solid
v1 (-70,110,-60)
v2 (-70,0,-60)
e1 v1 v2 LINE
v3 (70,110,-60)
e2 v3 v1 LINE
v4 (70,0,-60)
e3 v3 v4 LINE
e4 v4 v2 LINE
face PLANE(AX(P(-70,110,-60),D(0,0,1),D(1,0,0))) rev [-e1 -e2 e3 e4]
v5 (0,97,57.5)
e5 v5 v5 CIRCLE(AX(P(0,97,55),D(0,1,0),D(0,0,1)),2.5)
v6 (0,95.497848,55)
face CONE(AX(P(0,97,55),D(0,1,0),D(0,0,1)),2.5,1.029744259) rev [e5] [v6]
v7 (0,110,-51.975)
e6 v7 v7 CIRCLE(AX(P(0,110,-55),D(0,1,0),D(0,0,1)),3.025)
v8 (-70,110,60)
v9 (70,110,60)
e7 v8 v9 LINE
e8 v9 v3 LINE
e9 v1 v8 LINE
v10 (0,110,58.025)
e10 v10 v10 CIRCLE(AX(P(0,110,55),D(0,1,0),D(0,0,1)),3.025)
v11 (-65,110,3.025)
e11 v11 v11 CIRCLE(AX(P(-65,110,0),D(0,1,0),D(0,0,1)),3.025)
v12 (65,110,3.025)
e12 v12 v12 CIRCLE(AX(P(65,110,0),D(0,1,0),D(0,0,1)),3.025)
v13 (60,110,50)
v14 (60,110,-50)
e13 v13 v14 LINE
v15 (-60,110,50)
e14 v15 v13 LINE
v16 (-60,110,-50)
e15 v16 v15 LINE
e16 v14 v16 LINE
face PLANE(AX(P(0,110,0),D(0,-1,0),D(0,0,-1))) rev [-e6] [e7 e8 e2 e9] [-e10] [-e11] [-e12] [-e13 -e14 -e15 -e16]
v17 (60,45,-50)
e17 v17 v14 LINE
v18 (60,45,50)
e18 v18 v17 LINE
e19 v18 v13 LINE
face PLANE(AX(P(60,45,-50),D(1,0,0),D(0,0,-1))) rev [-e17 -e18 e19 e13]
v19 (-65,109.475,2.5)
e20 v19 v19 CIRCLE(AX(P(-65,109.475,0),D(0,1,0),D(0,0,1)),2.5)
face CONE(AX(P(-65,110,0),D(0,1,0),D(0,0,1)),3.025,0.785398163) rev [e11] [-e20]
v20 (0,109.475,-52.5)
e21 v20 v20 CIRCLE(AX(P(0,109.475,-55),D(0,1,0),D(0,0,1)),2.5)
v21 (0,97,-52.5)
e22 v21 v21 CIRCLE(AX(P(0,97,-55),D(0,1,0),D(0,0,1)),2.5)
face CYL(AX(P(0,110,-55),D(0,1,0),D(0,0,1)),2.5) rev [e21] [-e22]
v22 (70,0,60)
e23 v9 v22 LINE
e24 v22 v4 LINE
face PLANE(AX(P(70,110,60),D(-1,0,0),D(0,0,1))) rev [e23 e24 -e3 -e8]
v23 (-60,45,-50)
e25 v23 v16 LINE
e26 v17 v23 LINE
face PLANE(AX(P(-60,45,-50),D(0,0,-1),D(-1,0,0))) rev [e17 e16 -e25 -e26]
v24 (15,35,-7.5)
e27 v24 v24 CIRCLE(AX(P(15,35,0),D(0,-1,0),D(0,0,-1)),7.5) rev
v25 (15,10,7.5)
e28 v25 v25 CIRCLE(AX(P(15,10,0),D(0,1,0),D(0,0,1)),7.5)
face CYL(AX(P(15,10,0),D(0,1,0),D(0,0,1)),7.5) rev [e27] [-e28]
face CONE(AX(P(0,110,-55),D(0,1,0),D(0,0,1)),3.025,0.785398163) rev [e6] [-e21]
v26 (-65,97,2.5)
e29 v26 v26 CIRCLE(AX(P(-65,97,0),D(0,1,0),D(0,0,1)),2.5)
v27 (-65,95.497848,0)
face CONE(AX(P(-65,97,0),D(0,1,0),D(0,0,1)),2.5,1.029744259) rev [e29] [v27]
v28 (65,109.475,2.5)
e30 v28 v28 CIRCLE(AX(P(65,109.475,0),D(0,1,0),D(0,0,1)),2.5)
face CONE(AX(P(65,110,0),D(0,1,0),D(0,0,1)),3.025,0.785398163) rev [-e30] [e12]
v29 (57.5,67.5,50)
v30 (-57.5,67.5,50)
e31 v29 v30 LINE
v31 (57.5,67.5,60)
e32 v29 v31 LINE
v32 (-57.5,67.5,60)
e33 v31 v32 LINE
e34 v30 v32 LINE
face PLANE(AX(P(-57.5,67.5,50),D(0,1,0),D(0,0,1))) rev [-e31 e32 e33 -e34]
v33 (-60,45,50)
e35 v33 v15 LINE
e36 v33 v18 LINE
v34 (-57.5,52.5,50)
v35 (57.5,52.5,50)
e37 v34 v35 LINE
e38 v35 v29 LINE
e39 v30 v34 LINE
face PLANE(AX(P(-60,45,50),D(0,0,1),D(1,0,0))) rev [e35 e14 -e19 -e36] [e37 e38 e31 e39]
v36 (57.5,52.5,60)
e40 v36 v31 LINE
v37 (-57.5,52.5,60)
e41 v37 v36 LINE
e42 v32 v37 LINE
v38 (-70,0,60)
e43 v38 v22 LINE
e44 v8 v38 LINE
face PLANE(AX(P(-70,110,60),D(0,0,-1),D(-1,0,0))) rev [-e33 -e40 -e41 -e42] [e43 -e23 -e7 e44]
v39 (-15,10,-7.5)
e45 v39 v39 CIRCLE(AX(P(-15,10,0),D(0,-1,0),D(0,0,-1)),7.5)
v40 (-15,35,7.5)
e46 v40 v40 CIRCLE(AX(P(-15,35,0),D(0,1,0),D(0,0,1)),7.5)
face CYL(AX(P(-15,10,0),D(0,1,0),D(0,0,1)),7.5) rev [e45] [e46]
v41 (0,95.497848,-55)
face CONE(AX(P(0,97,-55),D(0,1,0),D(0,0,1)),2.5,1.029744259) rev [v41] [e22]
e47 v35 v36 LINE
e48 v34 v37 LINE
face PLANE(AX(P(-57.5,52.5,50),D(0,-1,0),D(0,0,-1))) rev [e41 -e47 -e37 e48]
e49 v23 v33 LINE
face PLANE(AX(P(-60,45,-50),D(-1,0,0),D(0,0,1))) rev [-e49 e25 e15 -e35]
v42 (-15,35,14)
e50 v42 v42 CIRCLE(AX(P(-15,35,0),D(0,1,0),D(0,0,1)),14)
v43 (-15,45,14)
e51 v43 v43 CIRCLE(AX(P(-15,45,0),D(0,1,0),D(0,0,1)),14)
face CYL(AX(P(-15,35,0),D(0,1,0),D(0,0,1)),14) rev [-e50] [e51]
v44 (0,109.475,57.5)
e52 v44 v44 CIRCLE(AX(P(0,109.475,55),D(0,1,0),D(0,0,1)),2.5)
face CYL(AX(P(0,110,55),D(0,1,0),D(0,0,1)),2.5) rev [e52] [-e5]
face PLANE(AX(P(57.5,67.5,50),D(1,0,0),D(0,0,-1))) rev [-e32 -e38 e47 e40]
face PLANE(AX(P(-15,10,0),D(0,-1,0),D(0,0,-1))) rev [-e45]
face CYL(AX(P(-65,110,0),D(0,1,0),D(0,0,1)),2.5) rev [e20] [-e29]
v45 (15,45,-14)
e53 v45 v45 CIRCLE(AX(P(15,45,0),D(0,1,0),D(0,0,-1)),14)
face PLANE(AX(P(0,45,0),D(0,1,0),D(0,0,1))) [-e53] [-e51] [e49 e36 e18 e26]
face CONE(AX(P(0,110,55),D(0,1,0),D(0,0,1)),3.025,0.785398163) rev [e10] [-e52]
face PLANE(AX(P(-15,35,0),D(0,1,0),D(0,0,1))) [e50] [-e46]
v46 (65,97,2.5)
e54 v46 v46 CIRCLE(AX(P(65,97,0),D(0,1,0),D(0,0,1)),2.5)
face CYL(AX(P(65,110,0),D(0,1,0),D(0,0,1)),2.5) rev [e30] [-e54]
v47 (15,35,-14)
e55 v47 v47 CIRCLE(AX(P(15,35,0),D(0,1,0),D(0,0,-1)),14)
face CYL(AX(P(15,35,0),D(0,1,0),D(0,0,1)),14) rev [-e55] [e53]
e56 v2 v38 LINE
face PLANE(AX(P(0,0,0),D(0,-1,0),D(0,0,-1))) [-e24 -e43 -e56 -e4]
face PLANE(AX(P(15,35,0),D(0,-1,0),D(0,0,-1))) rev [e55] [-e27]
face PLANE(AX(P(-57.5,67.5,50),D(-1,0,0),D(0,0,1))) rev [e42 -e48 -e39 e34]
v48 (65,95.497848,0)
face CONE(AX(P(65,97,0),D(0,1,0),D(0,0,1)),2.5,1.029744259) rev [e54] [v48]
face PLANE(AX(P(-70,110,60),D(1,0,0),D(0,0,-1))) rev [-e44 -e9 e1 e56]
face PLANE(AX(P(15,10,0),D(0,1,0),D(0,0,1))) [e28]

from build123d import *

# Parameters (mm, degrees)
BOX_TOP_VIEW_W                 = 140
BOX_TOP_VIEW_H                 = 120
BOX_EXTRUDE_PART_DEPTH         = 110
INNER_BOX_CUT_W                = 120
INNER_BOX_CUT_H                = 100
INNER_BOX_CUT_1_DEPTH          = 65
SCISSOR_CROSSSECTION_W         = 115
SCISSOR_CROSSSECTION_H         = 15
SCISSOR_CORSSSECTION_CUT_DEPTH = 10
SHAFT_LOCATION_R               = 7.5
SHAFT_LOCATION_CUT_DEPTH       = 35
SKETCH2_R                      = 14
CUT_EXTRUDE2_DEPTH             = 10
M6_TAPPED_HOLE3_AT_2_COUNT     = 2
M6_TAPPED_HOLE3_AT_2_PITCH     = 85.14693183


with BuildPart() as part:
    # Box_top_view → Box_extrude_part (new body)
    with BuildSketch(Plane(origin=(0, 0, 0), x_dir=(1, 0, 0), z_dir=(0, 1, 0))):
        Rectangle(BOX_TOP_VIEW_W, BOX_TOP_VIEW_H)
    extrude(amount=BOX_EXTRUDE_PART_DEPTH)

    # Inner_box_cut → Inner_box_cut_1 (cut)
    with BuildSketch(Plane(origin=(0, 110, 0), x_dir=(1, 0, 0), z_dir=(0, 1, 0))):
        Rectangle(INNER_BOX_CUT_W, INNER_BOX_CUT_H)
    extrude(amount=-INNER_BOX_CUT_1_DEPTH, mode=Mode.SUBTRACT)

    # Scissor_crossSection → Scissor_corssSection_cut (cut)
    with BuildSketch(Plane.XY.offset(60)):
        with Locations((0, 60)):
            Rectangle(SCISSOR_CROSSSECTION_W, SCISSOR_CROSSSECTION_H)
    extrude(amount=-SCISSOR_CORSSSECTION_CUT_DEPTH, mode=Mode.SUBTRACT)

    # Shaft_location → Shaft_location_cut (cut)
    with BuildSketch(Plane(origin=(0, 45, 0), x_dir=(1, 0, 0), z_dir=(0, 1, 0))):
        with Locations(Location((15, 0, 0), (0, 0, 270))):
            Circle(SHAFT_LOCATION_R)
        with Locations(Location((-15, 0, 0), (0, 0, 90))):
            Circle(SHAFT_LOCATION_R)
    extrude(amount=-SHAFT_LOCATION_CUT_DEPTH, mode=Mode.SUBTRACT)

    # Sketch2 → Cut-Extrude2 (cut)
    with BuildSketch(Plane(origin=(0, 45, 0), x_dir=(1, 0, 0), z_dir=(0, 1, 0))):
        with Locations(Location((-15, 0, 0), (0, 0, 270))):
            Circle(SKETCH2_R)
        with Locations(Location((15, 0, 0), (0, 0, 90))):
            Circle(SKETCH2_R)
    extrude(amount=-CUT_EXTRUDE2_DEPTH, mode=Mode.SUBTRACT)

    # Sketch7 → M6 Tapped Hole3 (revolve, cut)
    with BuildSketch(Plane(origin=(0, 110, -55), x_dir=(0, 0, 1), z_dir=(1, 0, 0))):
        Polygon((0, 0), (0, 14.502151548), (2.5, 13), (2.5, 0.525), (3.025, 0), align=None)
    m6_tapped_hole3 = revolve(axis=Axis((0, 116.35, -55), (0, -1, 0)), mode=Mode.SUBTRACT)

    # M6 Tapped Hole3 at 2: M6 Tapped Hole3 ×2
    with Locations(*[Vector(-0.7633862853691146, 0, 0.645942241466174) * (i * M6_TAPPED_HOLE3_AT_2_PITCH) for i in range(1, M6_TAPPED_HOLE3_AT_2_COUNT)]):
        add(m6_tapped_hole3, mode=Mode.SUBTRACT)

    # M6_hole_mirror: M6 Tapped Hole3 across plane
    add(m6_tapped_hole3.mirror(Plane(origin=(0, 0, 0), x_dir=(0, 0, 1), z_dir=(1, 0, 0))), mode=Mode.SUBTRACT)

    # M6_hole_mirror copy 1 sketch → M6_hole_mirror copy 1 (revolve, cut)
    with BuildSketch(Plane(origin=(65, 110, 0), x_dir=(0, 0, 1), z_dir=(-1, 0, 0))):
        Polygon((0, 0), (0, -14.502151548), (2.5, -13), (2.5, -0.525), (3.025, 0), align=None)
    revolve(axis=Axis((65, 116.35, 0), (0, 1, 0)), mode=Mode.SUBTRACT)

    # M6_hole_mirror at the second plane: M6 Tapped Hole3 across plane
    add(m6_tapped_hole3.mirror(Plane.XY), mode=Mode.SUBTRACT)

    # M6_hole_mirror at the second plane copy → M6_hole_mirror at the second plane c 2 (revolve, cut)
    with BuildSketch(Plane(origin=(-65, 110, 0), x_dir=(0, 0, -1), z_dir=(1, 0, 0))):
        Polygon((0, 0), (0, -14.502151548), (2.5, -13), (2.5, -0.525), (3.025, 0), align=None)
    revolve(axis=Axis((-65, 116.35, 0), (0, 1, 0)), mode=Mode.SUBTRACT)


solid = part.part
